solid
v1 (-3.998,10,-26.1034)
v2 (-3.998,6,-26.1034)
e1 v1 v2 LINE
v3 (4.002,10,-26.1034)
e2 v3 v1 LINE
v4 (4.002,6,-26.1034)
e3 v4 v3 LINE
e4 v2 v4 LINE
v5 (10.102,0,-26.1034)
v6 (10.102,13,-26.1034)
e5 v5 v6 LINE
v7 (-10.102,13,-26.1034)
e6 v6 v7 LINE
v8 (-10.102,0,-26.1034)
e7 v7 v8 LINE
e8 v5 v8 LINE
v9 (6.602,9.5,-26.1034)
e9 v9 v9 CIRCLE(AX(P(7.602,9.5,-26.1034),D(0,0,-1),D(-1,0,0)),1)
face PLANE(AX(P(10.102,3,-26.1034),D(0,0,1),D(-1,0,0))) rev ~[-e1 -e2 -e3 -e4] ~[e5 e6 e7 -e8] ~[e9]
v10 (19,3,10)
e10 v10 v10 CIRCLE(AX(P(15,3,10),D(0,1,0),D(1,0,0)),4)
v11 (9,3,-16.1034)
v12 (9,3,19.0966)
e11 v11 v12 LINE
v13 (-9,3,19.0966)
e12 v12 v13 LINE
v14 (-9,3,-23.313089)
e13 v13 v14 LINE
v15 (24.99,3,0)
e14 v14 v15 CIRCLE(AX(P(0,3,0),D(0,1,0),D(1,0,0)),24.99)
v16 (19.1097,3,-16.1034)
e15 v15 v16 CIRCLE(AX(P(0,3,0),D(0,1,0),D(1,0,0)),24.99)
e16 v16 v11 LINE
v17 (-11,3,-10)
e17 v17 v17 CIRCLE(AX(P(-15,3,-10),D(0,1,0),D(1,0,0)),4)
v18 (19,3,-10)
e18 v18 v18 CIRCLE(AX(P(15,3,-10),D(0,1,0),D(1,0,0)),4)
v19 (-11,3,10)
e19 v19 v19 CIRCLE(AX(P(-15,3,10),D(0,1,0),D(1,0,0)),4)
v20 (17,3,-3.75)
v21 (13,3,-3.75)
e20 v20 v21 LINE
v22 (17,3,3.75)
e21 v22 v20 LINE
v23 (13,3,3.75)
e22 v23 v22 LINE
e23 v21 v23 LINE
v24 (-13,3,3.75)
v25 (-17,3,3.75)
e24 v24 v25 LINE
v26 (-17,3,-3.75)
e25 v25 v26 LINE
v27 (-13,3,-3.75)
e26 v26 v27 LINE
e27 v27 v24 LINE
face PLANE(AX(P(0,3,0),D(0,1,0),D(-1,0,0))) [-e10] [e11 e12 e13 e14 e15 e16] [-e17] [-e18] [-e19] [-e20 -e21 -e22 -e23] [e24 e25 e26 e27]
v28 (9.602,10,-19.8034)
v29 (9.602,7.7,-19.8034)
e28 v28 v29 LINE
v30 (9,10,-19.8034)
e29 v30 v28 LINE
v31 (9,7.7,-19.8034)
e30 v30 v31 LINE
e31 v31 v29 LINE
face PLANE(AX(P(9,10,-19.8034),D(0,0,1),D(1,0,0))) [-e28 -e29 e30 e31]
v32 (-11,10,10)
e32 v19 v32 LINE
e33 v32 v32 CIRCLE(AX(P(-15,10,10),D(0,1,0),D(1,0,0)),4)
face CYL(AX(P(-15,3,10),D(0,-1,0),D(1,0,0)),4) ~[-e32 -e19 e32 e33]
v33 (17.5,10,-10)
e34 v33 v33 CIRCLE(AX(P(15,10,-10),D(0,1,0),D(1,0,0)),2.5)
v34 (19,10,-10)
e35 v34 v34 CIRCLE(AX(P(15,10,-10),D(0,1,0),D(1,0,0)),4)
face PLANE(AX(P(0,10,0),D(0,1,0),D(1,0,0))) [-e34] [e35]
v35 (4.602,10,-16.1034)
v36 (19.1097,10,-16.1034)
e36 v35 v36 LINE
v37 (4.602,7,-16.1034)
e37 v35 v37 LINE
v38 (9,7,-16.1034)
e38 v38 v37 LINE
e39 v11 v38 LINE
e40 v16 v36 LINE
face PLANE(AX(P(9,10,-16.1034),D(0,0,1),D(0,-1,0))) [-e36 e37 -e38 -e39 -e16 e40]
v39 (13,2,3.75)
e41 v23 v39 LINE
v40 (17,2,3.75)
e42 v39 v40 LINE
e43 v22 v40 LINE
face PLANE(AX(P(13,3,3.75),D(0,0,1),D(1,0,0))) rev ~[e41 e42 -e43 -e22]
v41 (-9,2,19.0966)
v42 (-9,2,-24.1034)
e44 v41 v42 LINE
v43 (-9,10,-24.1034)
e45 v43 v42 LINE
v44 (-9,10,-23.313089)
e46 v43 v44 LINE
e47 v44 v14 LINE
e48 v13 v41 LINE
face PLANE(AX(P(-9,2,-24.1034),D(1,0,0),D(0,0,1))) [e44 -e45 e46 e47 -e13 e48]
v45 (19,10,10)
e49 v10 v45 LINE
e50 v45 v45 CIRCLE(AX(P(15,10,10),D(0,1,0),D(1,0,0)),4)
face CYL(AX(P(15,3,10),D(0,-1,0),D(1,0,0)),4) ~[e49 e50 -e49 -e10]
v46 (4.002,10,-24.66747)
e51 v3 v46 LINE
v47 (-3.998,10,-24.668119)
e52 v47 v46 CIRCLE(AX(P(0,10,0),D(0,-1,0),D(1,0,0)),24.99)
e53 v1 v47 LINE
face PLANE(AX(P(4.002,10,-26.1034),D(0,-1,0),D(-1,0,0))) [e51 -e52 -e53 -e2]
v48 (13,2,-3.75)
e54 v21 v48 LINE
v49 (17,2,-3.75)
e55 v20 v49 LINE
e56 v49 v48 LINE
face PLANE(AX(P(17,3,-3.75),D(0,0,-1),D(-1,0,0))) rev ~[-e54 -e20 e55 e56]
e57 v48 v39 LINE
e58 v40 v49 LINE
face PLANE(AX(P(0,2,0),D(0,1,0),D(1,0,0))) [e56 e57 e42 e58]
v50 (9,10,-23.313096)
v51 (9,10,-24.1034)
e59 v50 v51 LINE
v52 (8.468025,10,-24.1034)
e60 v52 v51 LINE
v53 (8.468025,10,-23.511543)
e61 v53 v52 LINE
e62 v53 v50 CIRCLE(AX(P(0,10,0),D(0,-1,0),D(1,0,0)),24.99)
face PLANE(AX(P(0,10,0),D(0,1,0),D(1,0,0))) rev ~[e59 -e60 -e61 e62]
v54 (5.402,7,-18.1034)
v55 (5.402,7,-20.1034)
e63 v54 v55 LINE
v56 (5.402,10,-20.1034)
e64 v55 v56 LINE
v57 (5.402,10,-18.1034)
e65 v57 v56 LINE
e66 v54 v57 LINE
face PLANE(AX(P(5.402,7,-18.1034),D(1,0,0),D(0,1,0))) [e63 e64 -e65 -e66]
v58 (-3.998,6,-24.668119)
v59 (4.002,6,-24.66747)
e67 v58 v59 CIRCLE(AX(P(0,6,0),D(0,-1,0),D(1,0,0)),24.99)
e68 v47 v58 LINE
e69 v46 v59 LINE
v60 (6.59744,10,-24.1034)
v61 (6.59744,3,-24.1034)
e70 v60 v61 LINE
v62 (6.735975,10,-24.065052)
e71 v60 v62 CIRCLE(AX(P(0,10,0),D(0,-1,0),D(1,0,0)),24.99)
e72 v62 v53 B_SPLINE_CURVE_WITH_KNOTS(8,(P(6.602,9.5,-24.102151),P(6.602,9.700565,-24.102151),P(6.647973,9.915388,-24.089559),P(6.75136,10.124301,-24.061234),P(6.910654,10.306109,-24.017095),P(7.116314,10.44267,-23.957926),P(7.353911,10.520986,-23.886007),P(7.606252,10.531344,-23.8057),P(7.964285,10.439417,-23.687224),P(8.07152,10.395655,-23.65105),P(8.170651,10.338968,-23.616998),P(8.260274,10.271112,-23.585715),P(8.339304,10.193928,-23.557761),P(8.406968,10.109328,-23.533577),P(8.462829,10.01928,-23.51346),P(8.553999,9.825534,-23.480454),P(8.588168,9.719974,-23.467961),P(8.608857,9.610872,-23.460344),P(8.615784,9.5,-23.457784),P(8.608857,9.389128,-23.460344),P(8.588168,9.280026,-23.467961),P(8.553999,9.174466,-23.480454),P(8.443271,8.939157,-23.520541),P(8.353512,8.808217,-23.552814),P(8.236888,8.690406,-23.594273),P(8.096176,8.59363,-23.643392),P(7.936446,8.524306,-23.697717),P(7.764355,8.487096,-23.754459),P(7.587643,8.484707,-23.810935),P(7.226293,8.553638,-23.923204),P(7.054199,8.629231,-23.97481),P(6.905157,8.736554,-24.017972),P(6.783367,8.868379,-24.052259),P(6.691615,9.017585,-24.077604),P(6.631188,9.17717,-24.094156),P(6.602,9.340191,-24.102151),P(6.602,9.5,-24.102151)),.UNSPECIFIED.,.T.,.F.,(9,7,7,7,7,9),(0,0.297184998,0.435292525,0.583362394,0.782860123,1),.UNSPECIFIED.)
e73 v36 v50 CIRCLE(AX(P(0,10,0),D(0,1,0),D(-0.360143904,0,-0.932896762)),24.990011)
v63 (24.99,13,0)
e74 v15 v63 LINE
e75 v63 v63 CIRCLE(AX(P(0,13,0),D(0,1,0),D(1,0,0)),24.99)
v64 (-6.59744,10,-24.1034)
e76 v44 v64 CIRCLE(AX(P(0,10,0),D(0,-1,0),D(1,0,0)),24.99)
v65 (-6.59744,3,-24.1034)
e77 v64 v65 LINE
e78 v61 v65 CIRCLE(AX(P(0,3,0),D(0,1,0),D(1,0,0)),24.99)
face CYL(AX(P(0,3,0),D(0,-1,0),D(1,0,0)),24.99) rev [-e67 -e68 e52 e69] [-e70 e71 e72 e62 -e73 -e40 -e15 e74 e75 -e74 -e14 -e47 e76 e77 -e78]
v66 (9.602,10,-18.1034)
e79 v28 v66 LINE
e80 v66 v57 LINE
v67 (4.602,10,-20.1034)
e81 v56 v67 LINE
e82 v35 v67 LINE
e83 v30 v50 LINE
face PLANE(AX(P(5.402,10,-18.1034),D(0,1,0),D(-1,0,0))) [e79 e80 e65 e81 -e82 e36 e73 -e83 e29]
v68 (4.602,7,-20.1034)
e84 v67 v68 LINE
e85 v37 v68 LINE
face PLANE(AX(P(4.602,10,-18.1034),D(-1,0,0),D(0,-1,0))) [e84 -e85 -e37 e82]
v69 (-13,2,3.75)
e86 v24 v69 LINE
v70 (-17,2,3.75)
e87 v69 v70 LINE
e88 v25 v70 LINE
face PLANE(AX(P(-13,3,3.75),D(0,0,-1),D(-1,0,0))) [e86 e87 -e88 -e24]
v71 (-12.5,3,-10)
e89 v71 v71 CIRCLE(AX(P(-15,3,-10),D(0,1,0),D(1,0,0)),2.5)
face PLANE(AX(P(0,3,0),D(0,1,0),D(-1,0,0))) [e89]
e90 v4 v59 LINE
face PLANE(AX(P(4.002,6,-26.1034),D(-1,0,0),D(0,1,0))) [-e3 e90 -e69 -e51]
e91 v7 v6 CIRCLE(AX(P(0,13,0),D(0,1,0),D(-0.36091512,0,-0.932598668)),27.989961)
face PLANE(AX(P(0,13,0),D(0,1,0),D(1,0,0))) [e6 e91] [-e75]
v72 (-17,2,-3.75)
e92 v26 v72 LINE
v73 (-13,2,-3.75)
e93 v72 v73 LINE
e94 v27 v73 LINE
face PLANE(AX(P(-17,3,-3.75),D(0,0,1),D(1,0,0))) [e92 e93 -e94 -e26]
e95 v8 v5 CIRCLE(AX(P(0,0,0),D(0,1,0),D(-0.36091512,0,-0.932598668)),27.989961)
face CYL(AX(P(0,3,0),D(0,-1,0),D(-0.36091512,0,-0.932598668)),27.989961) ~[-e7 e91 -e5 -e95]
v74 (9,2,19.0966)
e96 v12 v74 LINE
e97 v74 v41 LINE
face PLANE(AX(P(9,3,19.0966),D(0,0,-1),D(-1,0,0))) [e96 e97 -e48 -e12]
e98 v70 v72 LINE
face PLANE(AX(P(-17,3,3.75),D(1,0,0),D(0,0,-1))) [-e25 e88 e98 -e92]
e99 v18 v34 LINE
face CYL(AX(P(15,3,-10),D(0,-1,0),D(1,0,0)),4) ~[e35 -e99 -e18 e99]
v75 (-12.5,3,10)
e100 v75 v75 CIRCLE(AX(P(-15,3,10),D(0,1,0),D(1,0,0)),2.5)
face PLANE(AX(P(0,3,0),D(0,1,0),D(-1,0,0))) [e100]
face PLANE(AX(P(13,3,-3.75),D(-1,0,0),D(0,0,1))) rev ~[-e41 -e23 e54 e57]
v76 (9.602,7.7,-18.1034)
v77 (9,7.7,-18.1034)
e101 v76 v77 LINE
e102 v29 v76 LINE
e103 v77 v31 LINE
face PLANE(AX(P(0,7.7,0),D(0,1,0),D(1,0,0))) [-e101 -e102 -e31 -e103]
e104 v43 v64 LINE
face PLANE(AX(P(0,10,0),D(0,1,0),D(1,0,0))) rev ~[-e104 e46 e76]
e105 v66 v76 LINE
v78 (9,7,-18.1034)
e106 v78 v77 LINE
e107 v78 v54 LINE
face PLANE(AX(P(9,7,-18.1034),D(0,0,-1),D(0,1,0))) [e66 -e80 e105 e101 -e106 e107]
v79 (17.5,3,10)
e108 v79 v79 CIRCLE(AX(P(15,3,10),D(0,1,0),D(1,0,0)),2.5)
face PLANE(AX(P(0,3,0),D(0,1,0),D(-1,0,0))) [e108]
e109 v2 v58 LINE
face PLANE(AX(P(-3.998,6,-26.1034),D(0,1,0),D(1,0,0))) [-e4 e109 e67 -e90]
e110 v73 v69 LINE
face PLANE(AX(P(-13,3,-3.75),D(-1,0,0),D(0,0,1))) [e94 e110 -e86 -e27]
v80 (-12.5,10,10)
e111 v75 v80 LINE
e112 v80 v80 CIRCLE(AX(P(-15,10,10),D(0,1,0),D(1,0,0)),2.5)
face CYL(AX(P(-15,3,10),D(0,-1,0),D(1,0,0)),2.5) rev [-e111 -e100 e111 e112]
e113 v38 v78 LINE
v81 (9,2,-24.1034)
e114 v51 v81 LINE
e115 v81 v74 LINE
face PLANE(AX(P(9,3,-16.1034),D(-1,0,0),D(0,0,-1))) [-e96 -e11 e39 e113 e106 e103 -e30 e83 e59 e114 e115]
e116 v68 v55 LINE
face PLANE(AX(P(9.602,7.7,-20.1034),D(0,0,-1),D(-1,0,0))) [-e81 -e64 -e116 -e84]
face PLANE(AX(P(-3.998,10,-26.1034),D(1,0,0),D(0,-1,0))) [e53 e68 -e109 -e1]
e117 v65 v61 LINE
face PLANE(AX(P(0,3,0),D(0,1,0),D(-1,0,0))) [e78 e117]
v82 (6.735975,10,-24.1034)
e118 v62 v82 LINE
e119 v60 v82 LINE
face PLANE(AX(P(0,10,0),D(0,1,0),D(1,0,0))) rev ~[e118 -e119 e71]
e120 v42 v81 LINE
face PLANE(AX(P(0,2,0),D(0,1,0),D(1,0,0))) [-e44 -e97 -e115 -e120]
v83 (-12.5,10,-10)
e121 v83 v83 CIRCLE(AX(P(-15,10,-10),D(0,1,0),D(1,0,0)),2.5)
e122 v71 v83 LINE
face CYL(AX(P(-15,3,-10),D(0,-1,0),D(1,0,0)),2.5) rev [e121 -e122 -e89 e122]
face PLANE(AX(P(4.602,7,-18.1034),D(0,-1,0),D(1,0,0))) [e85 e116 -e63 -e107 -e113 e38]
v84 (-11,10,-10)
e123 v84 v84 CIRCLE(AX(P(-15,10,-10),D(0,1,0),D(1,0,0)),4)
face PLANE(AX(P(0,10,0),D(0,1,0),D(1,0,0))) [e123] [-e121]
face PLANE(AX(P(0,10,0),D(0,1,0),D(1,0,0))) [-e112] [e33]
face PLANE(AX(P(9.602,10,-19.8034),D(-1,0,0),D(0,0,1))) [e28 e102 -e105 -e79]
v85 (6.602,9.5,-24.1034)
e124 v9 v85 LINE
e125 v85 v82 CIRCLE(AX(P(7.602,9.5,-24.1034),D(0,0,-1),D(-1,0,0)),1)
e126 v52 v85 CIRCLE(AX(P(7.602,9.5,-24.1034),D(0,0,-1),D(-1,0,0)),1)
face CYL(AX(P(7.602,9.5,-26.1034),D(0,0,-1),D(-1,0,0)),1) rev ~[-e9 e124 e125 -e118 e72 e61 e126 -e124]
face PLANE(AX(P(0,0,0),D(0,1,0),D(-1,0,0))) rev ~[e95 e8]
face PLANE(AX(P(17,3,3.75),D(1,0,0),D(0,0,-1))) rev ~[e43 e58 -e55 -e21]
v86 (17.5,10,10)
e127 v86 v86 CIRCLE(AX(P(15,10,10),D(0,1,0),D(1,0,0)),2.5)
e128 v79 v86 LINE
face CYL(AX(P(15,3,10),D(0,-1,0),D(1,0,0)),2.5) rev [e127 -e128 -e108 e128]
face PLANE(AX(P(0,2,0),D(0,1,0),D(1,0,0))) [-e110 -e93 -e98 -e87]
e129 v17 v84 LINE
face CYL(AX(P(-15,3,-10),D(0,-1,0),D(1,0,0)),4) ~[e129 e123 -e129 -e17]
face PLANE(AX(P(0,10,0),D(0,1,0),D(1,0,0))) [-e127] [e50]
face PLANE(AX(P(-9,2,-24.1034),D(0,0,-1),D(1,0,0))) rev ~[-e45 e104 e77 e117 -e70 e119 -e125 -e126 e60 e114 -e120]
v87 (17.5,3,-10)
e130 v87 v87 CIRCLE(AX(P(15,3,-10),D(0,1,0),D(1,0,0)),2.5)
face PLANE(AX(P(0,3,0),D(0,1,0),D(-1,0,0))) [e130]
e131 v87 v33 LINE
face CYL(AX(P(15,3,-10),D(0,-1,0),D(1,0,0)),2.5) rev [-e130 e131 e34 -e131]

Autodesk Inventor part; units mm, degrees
ref_plane "YZ Plane" through (0, 0, 0) normal (1, 0, 0) x (0, 1, 0)
ref_plane "XZ Plane" through (0, 0, 0) normal (0, 1, 0) x (-1, 0, 0)
ref_plane "XY Plane" through (0, 0, 0) normal (0, 0, 1) x (1, 0, 0)
sketch "Sketch1" plane through (0, 0, 0) normal (0, 1, 0) x (-1, 0, 0)
  line L0 (8.5, 21.5) -> (-8.5, 21.5) construction
  line L1 (-8.5, 21.5) -> (-8.5, -21.5) construction
  line L2 (8.5, -21.5) -> (8.5, 21.5) construction
  line L3 (-8.5, 21.5) -> (8.5, -21.5) construction
  line L4 (-8.5, -21.5) -> (8.5, 21.5) construction
  line L5 (-3.5, -21.5) -> (-3.5, -23.5) construction
  line L6 (-3.5, -23.5) -> (3.5, -23.5) construction
  line L7 (3.5, -23.5) -> (3.5, -21.5) construction
  line L8 (-8.5, -21.5) -> (-3.5, -21.5) construction
  line L9 (3.5, -21.5) -> (8.5, -21.5) construction
  arc A0 (9.5253, -23.1034) -> (-9.5253, -23.1034) centre (0, 0) ccw
  line L10 (9.5253, -23.1034) -> (-9.5253, -23.1034)
  line L11 (-10.102, -26.1034) -> (10.102, -26.1034)
  arc A1 (10.102, -26.1034) -> (-10.102, -26.1034) centre (0, 0) ccw
  dimension "d0" = 43
  dimension "d1" = 17
  dimension "d2" = 7
  dimension "d3" = 2
  dimension "d4" = 3
  dimension "d13" = 20.204
extrude "BASE PLATE" add sketch "Sketch1" along normal blind 3 contours L10 A0 | A1 L11
sketch "Sketch3" plane through (0, 3, 0) normal (0, 1, 0) x (1, 0, 0)
  line L0 (10.102, 26.1034) -> (-10.102, 26.1034) projected
  arc A0 (-10.102, 26.1034) -> (10.102, 26.1034) centre (0, 0) ccw
  arc A1 (-10.102, 26.1034) -> (10.102, 26.1034) centre (0, 0) ccw projected
  line L1 (-10.102, 26.1034) -> (10.102, 26.1034)
  circle A2 centre (0, 0) radius 24.99
  dimension "d58" = 3
extrude "WALLS" add sketch "Sketch3" along normal blind 10
sketch "Sketch6" plane through (0, 3, 0) normal (0, 1, 0) x (1, 0, 0)
  line L0 (-8.5, 21.5) -> (8.5, 21.5) construction
  line L1 (8.5, 21.5) -> (8.5, -21.5) construction
  line L2 (8.5, -21.5) -> (-8.5, -21.5) construction
  line L3 (-8.5, -21.5) -> (-8.5, 21.5) construction
  line L4 (-8.5, -21.5) -> (8.5, 21.5) construction
  line L5 (-8.5, 21.5) -> (8.5, -21.5) construction
  line L6 (0, 0) -> (-15, 0) construction
  line L7 (-15, 0) -> (-15, 10) construction
  line L8 (-15, 10) -> (0, 10) construction
  line L9 (0, 10) -> (0, 0) construction
  circle A0 centre (-15, 10) radius 4
  circle A1 centre (-15, 10) radius 2.5
  circle A2 centre (-15, -10) radius 4
  circle A3 centre (-15, -10) radius 2.5
  circle A4 centre (15, 10) radius 4
  circle A5 centre (15, 10) radius 2.5
  circle A6 centre (15, -10) radius 2.5
  circle A7 centre (15, -10) radius 4
  dimension "d18" = 43
  dimension "d19" = 17
  dimension "d20" = 15
  dimension "d21" = 10
  dimension "d22" = 8
  dimension "d23" = 5
extrude "BUTTON POSTS" add sketch "Sketch6" along normal blind 7
sketch "Sketch7" plane through (0, 3, 0) normal (0, 1, 0) x (1, 0, 0)
  line L0 (-9, 24.1034) -> (9, 24.1034)
  line L1 (9, 24.1034) -> (9, -19.0966)
  line L2 (9, -19.0966) -> (-9, -19.0966)
  line L3 (-9, -19.0966) -> (-9, 24.1034)
  line L4 (-17, 3.75) -> (-13, 3.75)
  line L5 (-13, 3.75) -> (-13, -3.75)
  line L6 (-13, -3.75) -> (-17, -3.75)
  line L7 (-17, -3.75) -> (-17, 3.75)
  line L8 (-24.99, 0) -> (24.99, 0) construction
  line L9 (0, 23.1034) -> (0, -24.99) construction
  line L10 (17, 3.75) -> (13, 3.75)
  line L11 (13, 3.75) -> (13, -3.75)
  line L12 (13, -3.75) -> (17, -3.75)
  line L13 (17, -3.75) -> (17, 3.75)
  line L14 (-9.5253, 24.1034) -> (9.5253, 24.1034) projected
  line L15 (10.102, 26.1034) -> (-10.102, 26.1034) projected
  dimension "d26" = 43.2
  dimension "d27" = 18
  dimension "d28" = 7.5
  dimension "d29" = 4
  dimension "d30" = 3.75
  dimension "d63" = 2
  dimension "d65" = 9
  dimension "d77" = 13
extrude "INDENTATION FOR LINEUP" cut sketch "Sketch7" against normal blind 1
sketch "Sketch9" plane through (0, 2, 0) normal (0, 1, 0) x (1, 0, 0)
  line L0 (-9, 24.1034) -> (9, 24.1034) projected
  line L1 (-9, -19.0966) -> (9, -19.0966)
  line L2 (9, -19.0966) -> (9, 24.1034)
  line L3 (9, 24.1034) -> (-9, 24.1034)
  line L4 (-9, 24.1034) -> (-9, -19.0966)
  point P0 (0, 0)
extrude "FLAT SURFACE FOR ARDUINO" cut sketch "Sketch9" along normal blind 8
sketch "Sketch11" plane through (10.102, 0, -26.1034) normal (0, 0, -1) x (-1, 0, 0)
  line L0 (19.102, 2) -> (1.102, 2) construction
  line L1 (0, 0) -> (0, 13) construction
  line L2 (20.204, 0) -> (20.204, 13) construction
  line L3 (6.1, 10) -> (14.1, 10)
  line L4 (14.1, 10) -> (14.1, 6)
  line L5 (14.1, 6) -> (6.1, 6)
  line L6 (6.1, 6) -> (6.1, 10)
  line L7 (0, 0) -> (20.204, 0) construction
  circle A0 centre (2.5, 9.5) radius 1
  point P0 (10.102, 0)
  dimension "d69" = 4
  dimension "d70" = 4
  dimension "d71" = 6.1
  dimension "d72" = 2
  dimension "d74" = 2.5
  dimension "d78" = 7.5
  dimension "d89" = 8
extrude "I/O HOLES" cut sketch "Sketch11" against normal blind 10
sketch "Sketch12" plane through (0, 3, 0) normal (0, 1, 0) x (1, 0, 0)
  line L0 (19.1097, 16.1034) -> (9, 16.1034)
  line L1 (9, 16.1034) -> (9, 23.3131)
  line L2 (-9, 24.1034) -> (9, 24.1034) construction
  line L3 (-9, -19.0966) -> (-9, 24.1034) construction
  line L4 (9, -19.0966) -> (-9, -19.0966) construction
  line L5 (9, 24.1034) -> (9, -19.0966) construction
  line L6 (10.102, 26.1034) -> (-10.102, 26.1034) projected
  circle A0 centre (0, 0) radius 24.99 construction
  arc A1 (-9, 23.3131) -> (9, 23.3131) centre (0, 0) ccw projected
  arc A2 (19.1097, 16.1034) -> (9, 23.3131) centre (0, 0) ccw
  line L7 (9, 23.3131) -> (9, -19.0966) projected
  point P0 (13, 21.3424)
  dimension "d88" = 10
extrude "Extrusion11" add sketch "Sketch12" along normal blind 7
sketch "Sketch15" plane through (0, 10, 0) normal (0, 1, 0) x (1, 0, 0)
  line L0 (9, 23.3131) -> (9, 16.1034) construction
  line L1 (9, 16.1034) -> (19.1097, 16.1034) construction
  arc A0 (19.1097, 16.1034) -> (9, 23.3131) centre (0, 0) ccw construction
  line L2 (6.602, 26.1034) -> (8.602, 26.1034) construction
  line L3 (8.468, 24.1034) -> (6.736, 24.1034) construction
  line L4 (7.602, 26.1034) -> (7.602, 18.0057) construction
  line L5 (5.602, 19.8034) -> (9.602, 19.8034) construction
  line L6 (9.602, 19.8034) -> (9.602, 18.1034) construction
  line L7 (9.602, 18.1034) -> (5.602, 18.1034) construction
  line L8 (5.602, 18.1034) -> (5.602, 19.8034) construction
  line L9 (9, 19.8034) -> (9.602, 19.8034)
  line L10 (9.602, 19.8034) -> (9.602, 18.1034)
  line L11 (9.602, 18.1034) -> (9, 18.1034)
  line L12 (9, 18.1034) -> (9, 19.8034)
  line L13 (8.468, 23.5115) -> (8.468, 24.1034) projected
  line L14 (6.736, 24.1034) -> (6.736, 24.065) projected
  point P0 (8.602, 24.1034)
  point P1 (6.602, 24.1034)
  point P2 (9, 19.7083)
  dimension "d90" = 4
  dimension "d91" = 2
  dimension "d92" = 1.7
  dimension "d93" = 2
extrude "Extrusion12" cut sketch "Sketch15" against normal blind 2.3
sketch "Sketch16" plane through (9, 2, -24.1034) normal (-1, 0, 0) x (0, 0, 1)
  line L0 (0, 8) -> (0, 6.5) construction
  line L1 (6, 8) -> (8, 8) construction
  line L2 (6, 8) -> (6, 5.7) construction
  line L3 (6, 5.7) -> (4.3, 5.7) construction
  line L4 (4.3, 5.7) -> (4.3, 8) construction
  line L5 (0.7903, 8) -> (4.3, 8) construction
  line L6 (8, 1) -> (8, 8) construction
  line L7 (6, 8) -> (8, 8) construction
  line L8 (14.8538, 7.25) -> (0, 7.25) construction
  line L9 (0, 0) -> (0, 8) construction
  line L10 (6, 8) -> (8, 8)
  line L11 (8, 8) -> (8, 5)
  line L12 (8, 5) -> (6, 5)
  line L13 (6, 5) -> (6, 8)
  point P0 (24.1034, -2)
  dimension "d96" = 3
  dimension "d97" = 2
extrude "Extrusion13" add sketch "Sketch16" along normal blind 4.398
sketch "Sketch17" plane through (9.602, 7.7, -18.1034) normal (0, 0, -1) x (-1, 0, 0)
  line L0 (5, -0.7) -> (4.2, -0.7)
  line L1 (4.2, -0.7) -> (4.2, 2.3)
  line L2 (4.2, 2.3) -> (5, 2.3)
  line L3 (5, 2.3) -> (5, -0.7)
  point P0 (9.602, -7.7)
  dimension "d100" = 3
  dimension "d101" = 0.8
extrude "Extrusion14" add sketch "Sketch17" along normal blind 2
equation "\"d30\" = 0.5 * d28"
equation "\"d65\" = 0.5 * d27"
equation "\"d91\" = 0.5 * d90"
properties part number "Base"
